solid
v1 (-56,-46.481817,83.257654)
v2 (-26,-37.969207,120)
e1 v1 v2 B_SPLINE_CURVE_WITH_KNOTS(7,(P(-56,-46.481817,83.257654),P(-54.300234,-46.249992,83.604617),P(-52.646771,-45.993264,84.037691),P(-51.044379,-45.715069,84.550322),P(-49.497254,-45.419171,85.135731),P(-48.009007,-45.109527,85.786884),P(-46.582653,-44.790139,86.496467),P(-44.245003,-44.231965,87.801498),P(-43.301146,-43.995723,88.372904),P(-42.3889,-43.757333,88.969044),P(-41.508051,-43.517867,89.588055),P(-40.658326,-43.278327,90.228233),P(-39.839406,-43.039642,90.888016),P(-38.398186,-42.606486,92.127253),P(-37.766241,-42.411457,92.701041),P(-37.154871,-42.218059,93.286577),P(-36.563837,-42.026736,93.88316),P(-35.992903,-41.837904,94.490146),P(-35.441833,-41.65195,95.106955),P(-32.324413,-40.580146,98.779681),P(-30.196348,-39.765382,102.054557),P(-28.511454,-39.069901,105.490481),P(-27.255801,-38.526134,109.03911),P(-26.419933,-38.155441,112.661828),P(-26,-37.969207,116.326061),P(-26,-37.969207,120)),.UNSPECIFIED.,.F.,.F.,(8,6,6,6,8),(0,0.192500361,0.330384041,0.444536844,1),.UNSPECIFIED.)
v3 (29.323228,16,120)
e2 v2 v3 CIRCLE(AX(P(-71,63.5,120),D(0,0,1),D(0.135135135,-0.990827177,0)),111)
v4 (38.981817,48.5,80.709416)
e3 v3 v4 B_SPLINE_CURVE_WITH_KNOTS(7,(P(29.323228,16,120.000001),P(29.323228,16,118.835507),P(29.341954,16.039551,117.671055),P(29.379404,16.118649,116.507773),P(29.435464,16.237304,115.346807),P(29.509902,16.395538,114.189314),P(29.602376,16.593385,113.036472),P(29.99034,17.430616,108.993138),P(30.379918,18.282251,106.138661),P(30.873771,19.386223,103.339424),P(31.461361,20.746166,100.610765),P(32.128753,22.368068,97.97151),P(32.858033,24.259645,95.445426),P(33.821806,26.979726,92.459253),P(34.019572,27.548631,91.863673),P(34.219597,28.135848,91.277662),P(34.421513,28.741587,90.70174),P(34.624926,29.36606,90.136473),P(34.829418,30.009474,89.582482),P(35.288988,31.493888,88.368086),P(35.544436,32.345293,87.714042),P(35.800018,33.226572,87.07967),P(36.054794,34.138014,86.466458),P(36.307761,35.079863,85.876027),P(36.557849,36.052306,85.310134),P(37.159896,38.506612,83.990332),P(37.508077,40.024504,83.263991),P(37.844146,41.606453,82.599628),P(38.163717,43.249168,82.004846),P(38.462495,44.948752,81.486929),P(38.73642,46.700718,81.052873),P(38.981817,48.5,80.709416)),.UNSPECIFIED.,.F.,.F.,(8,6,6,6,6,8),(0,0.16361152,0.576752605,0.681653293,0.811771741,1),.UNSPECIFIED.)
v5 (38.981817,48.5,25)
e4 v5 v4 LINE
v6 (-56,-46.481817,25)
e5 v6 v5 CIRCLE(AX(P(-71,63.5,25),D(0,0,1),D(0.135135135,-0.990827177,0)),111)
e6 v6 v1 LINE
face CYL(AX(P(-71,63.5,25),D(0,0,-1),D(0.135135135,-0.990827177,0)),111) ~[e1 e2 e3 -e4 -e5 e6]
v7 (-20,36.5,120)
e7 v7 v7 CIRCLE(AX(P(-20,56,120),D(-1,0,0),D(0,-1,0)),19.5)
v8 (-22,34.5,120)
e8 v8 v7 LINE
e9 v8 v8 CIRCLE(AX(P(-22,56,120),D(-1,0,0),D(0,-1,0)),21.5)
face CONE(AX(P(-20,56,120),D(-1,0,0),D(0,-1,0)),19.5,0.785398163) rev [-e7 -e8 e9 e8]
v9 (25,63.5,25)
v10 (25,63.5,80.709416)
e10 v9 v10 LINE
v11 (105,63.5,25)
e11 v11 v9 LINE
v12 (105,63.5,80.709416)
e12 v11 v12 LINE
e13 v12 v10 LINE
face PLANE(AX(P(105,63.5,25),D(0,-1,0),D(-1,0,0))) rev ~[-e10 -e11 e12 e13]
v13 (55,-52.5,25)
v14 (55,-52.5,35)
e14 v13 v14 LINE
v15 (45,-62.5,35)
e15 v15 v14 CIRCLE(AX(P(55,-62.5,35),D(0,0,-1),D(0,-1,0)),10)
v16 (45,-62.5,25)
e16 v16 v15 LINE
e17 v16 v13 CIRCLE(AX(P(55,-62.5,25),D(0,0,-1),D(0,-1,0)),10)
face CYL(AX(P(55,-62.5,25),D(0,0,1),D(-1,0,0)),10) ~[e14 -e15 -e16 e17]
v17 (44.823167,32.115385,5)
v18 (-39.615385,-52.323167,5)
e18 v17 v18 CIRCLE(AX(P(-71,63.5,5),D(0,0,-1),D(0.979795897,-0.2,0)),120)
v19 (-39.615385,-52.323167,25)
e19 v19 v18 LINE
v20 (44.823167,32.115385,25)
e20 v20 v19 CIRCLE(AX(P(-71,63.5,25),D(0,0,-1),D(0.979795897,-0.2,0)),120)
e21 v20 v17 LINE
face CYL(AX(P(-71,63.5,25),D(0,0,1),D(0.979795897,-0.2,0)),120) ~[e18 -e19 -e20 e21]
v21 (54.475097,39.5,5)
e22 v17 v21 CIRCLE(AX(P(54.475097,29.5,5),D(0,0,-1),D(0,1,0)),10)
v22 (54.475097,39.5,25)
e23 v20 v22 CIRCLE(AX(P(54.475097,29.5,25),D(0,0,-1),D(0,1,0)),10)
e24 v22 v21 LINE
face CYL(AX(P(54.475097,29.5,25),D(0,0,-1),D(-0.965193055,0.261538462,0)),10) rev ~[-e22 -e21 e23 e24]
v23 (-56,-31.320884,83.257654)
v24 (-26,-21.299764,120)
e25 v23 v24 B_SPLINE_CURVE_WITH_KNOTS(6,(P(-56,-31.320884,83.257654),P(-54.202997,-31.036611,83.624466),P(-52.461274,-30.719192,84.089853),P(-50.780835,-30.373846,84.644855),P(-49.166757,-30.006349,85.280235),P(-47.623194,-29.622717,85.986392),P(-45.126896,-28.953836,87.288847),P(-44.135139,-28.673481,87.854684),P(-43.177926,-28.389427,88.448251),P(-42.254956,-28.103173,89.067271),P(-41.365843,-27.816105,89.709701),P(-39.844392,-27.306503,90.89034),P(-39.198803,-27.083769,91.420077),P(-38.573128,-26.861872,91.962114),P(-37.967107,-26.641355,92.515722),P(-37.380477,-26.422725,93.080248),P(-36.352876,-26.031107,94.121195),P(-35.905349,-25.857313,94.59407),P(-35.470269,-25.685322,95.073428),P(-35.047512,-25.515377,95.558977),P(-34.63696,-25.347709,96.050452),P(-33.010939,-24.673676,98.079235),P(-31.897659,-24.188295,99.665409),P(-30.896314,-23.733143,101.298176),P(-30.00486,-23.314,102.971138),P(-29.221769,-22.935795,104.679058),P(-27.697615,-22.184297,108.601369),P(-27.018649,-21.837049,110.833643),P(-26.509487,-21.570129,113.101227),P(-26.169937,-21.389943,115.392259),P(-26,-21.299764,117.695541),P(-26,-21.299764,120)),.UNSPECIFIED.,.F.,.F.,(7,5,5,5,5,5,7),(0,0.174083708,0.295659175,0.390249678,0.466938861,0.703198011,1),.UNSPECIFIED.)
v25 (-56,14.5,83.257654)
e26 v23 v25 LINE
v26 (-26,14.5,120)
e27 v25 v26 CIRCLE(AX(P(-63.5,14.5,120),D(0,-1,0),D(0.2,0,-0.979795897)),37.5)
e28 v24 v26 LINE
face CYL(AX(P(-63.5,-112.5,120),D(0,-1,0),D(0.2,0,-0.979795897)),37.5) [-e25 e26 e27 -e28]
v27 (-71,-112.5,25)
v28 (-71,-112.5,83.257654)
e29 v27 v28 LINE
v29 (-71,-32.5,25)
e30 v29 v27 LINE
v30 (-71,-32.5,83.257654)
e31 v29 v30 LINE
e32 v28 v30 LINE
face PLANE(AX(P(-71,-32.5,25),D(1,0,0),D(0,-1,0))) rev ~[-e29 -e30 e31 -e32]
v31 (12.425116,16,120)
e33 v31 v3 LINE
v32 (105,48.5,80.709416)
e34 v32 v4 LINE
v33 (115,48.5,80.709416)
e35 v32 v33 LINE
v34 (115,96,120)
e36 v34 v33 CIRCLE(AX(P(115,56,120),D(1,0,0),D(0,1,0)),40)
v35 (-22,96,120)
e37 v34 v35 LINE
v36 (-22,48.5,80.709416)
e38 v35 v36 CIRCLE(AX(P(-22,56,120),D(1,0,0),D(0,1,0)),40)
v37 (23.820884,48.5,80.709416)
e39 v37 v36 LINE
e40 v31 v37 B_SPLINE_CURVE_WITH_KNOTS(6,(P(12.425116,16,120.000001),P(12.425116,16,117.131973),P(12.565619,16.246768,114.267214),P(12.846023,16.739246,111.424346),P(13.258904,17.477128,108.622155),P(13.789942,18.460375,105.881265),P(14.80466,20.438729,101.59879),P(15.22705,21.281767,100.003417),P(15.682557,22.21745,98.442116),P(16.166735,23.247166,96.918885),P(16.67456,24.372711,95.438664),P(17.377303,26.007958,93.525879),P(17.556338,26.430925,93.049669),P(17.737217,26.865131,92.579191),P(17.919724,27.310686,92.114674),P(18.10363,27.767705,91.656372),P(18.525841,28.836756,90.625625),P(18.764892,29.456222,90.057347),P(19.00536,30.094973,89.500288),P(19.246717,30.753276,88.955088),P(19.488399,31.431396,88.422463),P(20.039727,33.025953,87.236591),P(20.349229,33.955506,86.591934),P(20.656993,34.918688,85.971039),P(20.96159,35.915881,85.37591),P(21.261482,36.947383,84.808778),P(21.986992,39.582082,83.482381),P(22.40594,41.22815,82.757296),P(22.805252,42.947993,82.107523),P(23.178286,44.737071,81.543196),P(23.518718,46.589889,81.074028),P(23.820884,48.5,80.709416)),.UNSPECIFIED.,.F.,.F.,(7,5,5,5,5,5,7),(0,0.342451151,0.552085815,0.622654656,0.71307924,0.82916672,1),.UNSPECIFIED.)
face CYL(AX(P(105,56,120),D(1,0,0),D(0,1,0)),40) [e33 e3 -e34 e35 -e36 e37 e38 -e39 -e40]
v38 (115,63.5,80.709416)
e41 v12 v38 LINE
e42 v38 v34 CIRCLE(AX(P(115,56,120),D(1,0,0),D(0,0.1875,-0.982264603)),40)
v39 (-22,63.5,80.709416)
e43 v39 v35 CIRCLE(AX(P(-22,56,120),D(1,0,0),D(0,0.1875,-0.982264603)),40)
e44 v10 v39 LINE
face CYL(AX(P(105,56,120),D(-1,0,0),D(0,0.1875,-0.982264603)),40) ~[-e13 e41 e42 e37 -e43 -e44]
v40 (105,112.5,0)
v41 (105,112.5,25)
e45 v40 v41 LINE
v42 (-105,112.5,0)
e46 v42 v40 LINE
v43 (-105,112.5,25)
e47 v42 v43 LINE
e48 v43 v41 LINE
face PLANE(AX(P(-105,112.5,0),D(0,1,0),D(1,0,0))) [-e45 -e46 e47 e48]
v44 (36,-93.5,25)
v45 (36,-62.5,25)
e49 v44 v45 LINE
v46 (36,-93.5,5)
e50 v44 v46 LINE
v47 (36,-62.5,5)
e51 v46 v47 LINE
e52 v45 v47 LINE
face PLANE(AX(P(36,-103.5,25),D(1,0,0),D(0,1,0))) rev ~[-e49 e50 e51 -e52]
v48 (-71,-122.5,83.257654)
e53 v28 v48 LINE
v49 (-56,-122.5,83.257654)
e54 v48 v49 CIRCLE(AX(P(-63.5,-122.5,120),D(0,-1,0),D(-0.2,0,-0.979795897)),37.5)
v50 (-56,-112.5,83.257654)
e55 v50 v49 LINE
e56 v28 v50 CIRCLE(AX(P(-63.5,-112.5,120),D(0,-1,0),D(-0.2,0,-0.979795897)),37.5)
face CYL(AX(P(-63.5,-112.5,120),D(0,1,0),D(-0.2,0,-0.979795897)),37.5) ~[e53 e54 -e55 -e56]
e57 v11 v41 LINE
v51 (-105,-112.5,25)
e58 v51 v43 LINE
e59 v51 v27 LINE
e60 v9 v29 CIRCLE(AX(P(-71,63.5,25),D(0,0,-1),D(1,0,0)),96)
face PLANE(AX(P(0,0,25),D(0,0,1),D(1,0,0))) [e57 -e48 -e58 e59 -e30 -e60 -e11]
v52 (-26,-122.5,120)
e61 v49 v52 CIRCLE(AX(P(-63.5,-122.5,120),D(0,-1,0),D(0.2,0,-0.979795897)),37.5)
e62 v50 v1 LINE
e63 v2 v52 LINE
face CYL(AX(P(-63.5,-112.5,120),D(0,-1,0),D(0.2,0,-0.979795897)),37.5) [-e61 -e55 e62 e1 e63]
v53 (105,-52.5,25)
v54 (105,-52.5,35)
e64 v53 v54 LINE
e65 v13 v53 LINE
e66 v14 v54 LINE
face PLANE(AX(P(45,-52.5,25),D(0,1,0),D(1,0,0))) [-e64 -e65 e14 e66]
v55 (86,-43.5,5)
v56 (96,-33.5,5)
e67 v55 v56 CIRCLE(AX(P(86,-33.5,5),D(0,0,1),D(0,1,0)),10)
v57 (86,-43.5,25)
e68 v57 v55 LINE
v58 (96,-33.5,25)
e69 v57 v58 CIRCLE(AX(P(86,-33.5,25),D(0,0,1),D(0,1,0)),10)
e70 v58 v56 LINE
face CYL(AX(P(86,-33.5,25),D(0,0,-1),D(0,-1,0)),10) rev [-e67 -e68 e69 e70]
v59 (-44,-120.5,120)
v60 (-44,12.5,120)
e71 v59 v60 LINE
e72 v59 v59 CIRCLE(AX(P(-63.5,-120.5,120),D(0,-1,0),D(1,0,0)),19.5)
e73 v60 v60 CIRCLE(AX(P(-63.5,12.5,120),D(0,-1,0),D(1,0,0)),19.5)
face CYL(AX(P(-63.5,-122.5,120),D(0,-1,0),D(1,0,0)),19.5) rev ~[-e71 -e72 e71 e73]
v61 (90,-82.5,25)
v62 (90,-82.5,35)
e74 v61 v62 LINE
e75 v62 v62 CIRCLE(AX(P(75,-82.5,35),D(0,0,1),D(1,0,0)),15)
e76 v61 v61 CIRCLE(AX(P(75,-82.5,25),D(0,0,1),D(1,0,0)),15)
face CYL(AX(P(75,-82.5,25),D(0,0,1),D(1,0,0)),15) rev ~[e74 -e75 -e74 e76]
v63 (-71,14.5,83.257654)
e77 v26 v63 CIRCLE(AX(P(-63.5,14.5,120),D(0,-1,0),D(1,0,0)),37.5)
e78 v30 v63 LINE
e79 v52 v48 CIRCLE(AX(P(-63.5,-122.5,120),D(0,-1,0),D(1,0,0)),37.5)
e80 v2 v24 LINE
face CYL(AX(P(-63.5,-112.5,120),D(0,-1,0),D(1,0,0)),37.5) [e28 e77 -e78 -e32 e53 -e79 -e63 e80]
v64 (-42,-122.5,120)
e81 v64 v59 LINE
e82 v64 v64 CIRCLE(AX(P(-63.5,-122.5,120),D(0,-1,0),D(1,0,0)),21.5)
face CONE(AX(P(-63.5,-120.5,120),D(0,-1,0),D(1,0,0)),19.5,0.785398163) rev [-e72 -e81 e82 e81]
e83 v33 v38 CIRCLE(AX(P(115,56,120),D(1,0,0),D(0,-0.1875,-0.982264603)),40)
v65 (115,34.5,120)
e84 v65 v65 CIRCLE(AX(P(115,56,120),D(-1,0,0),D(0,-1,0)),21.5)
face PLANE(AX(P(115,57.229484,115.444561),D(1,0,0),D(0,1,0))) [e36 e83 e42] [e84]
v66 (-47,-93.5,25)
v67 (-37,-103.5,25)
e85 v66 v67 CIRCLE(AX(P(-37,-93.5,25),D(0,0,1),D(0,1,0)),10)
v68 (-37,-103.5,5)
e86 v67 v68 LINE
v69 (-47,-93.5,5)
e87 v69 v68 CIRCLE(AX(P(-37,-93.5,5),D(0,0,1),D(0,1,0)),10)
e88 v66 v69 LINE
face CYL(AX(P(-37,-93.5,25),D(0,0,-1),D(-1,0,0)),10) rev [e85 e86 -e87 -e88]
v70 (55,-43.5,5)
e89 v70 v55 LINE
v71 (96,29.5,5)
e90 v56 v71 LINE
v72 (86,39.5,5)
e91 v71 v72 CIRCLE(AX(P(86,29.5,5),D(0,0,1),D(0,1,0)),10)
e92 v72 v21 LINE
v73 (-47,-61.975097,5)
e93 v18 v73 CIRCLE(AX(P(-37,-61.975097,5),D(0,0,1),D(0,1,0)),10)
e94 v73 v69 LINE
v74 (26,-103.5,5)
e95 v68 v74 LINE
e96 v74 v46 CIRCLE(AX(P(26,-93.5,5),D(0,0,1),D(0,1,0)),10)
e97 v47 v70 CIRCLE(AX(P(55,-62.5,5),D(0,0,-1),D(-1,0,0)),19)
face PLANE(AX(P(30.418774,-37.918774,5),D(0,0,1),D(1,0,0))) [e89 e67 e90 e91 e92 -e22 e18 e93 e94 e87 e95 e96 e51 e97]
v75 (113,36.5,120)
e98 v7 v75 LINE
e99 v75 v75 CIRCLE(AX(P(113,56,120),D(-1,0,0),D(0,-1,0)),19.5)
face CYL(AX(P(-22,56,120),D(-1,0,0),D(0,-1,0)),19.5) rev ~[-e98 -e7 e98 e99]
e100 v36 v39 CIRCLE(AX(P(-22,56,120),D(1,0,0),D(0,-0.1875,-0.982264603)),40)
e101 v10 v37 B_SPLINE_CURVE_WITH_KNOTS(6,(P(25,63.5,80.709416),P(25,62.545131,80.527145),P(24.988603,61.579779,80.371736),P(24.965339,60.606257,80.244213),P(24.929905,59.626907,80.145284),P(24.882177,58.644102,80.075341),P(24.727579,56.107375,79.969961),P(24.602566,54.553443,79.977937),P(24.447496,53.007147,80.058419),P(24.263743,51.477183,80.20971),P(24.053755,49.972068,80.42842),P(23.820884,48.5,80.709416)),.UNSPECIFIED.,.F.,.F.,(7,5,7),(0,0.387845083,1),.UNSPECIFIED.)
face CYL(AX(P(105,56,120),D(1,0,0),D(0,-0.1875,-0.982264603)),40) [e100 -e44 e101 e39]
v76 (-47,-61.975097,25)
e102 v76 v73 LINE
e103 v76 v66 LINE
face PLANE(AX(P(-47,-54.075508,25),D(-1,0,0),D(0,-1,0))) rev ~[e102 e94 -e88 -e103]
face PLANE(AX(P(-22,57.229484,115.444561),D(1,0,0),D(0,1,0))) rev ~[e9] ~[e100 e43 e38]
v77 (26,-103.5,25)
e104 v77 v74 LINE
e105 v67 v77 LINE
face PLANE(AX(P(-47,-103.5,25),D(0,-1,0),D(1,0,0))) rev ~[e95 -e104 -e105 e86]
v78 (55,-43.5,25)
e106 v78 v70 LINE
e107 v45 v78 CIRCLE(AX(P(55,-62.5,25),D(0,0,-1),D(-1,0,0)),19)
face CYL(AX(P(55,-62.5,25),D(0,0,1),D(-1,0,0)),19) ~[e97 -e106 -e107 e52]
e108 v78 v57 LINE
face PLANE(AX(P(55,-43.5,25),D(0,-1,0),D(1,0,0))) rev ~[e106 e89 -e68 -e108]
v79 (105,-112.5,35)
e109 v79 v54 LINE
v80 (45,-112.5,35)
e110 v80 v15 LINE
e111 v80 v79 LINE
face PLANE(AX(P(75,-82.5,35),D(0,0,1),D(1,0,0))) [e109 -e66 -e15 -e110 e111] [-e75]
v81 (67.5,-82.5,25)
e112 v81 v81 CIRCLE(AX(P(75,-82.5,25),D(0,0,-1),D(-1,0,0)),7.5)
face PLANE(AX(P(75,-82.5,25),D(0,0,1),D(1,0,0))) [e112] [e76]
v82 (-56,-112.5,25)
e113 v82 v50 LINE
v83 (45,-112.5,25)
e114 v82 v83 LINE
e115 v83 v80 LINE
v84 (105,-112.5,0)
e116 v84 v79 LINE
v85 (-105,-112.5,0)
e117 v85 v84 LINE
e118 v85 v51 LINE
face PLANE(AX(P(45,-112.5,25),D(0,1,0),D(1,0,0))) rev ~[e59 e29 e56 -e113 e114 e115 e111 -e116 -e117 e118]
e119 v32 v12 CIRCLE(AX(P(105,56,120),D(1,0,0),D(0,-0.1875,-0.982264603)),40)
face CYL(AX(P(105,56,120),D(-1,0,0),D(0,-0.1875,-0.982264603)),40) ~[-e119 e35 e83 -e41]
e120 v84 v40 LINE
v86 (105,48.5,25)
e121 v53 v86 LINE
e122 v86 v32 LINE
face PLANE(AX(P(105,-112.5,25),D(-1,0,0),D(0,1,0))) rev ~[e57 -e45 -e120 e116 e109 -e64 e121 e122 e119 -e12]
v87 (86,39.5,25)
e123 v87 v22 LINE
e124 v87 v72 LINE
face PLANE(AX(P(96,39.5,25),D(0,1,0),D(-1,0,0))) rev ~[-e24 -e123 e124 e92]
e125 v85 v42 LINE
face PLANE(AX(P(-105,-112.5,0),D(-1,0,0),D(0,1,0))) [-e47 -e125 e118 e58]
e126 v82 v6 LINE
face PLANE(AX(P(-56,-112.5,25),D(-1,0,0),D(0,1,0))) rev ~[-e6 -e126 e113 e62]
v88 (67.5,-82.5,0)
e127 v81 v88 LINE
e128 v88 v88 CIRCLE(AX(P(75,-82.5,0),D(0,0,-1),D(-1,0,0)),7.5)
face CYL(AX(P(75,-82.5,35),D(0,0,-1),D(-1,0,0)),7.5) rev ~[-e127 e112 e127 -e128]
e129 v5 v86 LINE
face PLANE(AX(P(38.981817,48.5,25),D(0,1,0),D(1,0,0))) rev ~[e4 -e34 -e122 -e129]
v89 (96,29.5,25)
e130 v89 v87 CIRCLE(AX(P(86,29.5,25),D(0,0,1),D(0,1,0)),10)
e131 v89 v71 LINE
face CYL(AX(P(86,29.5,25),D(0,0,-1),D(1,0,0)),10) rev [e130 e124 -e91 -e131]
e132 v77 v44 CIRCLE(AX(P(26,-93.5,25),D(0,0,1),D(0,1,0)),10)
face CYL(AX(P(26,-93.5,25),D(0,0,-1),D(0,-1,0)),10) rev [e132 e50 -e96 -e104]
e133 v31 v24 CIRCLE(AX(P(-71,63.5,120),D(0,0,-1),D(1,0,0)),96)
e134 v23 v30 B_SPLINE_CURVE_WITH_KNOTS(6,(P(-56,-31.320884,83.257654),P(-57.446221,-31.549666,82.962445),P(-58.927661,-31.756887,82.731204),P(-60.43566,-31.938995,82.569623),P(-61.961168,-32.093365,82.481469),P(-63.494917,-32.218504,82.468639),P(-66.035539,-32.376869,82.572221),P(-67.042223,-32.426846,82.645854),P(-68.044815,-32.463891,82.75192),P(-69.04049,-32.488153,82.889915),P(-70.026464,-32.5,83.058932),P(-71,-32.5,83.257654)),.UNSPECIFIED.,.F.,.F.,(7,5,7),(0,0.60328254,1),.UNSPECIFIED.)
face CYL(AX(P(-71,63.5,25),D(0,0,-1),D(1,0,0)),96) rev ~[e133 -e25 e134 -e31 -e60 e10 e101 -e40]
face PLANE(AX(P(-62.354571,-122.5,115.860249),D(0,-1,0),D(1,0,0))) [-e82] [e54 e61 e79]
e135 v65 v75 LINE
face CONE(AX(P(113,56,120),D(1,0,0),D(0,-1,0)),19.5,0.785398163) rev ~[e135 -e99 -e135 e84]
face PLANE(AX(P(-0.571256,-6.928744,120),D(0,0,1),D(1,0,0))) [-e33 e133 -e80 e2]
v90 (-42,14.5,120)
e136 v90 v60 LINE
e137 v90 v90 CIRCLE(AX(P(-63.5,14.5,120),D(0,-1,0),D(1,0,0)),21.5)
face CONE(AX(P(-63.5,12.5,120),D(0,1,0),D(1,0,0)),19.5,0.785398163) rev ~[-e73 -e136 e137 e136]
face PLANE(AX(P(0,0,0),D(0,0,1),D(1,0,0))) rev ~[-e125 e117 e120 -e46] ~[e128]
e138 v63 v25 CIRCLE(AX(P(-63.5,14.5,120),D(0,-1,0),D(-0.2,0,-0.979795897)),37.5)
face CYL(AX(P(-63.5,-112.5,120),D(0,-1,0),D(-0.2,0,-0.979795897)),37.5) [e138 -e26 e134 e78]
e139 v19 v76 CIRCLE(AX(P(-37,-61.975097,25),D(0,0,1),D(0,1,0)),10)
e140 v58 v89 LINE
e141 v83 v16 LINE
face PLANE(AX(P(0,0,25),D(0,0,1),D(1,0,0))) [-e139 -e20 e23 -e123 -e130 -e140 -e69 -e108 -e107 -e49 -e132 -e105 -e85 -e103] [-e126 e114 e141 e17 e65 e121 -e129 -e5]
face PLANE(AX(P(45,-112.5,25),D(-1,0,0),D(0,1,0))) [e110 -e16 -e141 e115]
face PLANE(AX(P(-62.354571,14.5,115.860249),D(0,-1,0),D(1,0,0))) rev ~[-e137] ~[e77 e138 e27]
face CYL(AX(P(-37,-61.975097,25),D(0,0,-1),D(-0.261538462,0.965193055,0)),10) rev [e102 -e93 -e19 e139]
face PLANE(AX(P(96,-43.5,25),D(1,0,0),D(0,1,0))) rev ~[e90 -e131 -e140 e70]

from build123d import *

# Parameters (mm, degrees)
F0_W            = 210
F0_H            = 225
F1_DEPTH        = 25
F3_DEPTH        = 95
F5_DEPTH        = 10
F5_DEPTH_BACK   = 127
F7_DEPTH        = 10
F7_DEPTH_BACK   = 127
F8_W            = 60
F8_H            = 60
F9_DEPTH        = 10
F10_R           = 10
F12_DEPTH       = 20
F14_D           = 15
F14_CBORE_D     = 30
F14_CBORE_DEPTH = 10
F15_R           = 10
F16_R           = 19.5
F17_DEPTH       = 235.001
F18_R           = 19.5
F19_DEPTH       = 137.0010001
F20_SIZE        = 2


with BuildPart() as f1:
    # F0 (on Top) → F1 (new body)
    with BuildSketch(Plane.XY):
        Rectangle(F0_W, F0_H)
    extrude(amount=F1_DEPTH)

    # F2 (on face) → F3 (join)
    with BuildSketch(Plane.XY.offset(25)):
        with BuildLine():
            Line((-71, -32.5), (-71, -112.5))
            Line((-71, -112.5), (-56, -112.5))
            Line((-56, -112.5), (-56, -46.4818166789))
            ThreePointArc((-56, -46.4818166789), (7.4888527117, -14.9888527117), (38.9818166789, 48.5))
            Line((38.9818166789, 48.5), (105, 48.5))
            Line((105, 48.5), (105, 63.5))
            Line((105, 63.5), (25, 63.5))
            ThreePointArc((25, 63.5), (-3.1177490061, -4.3822509939), (-71, -32.5))
        make_face()
    extrude(amount=F3_DEPTH)

    # F4 (on face) → F5 (join, two sides)
    with BuildSketch(Plane.XZ.offset(112.5)) as f5_sk:
        with BuildLine():
            ThreePointArc((-56, 83.2576538583), (-34.4526249034, 96.2829175487), (-26, 120))
            ThreePointArc((-26, 120), (-87.2170824513, 149.0473750966), (-71, 83.2576538583))
            Line((-71, 83.2576538583), (-71, 120))
            Line((-71, 120), (-56, 120))
            Line((-56, 120), (-56, 83.2576538583))
        make_face()
        with BuildLine():
            Line((-71, 120), (-71, 83.2576538583))
            ThreePointArc((-71, 83.2576538583), (-63.5, 82.5), (-56, 83.2576538583))
            Line((-56, 83.2576538583), (-56, 120))
            Line((-56, 120), (-71, 120))
        make_face()
    extrude(amount=F5_DEPTH)
    extrude(f5_sk.sketch, amount=-F5_DEPTH_BACK)

    # F6 (on face) → F7 (join, two sides)
    with BuildSketch(Plane.YZ.offset(105)) as f7_sk:
        with BuildLine():
            ThreePointArc((63.5, 80.7094158862), (86.8220700148, 94.504902432), (96, 120))
            ThreePointArc((96, 120), (30.504902432, 150.8220700148), (48.5, 80.7094158862))
            Line((48.5, 80.7094158862), (48.5, 120))
            Line((48.5, 120), (63.5, 120))
            Line((63.5, 120), (63.5, 80.7094158862))
        make_face()
        with BuildLine():
            Line((48.5, 120), (48.5, 80.7094158862))
            ThreePointArc((48.5, 80.7094158862), (56, 80), (63.5, 80.7094158862))
            Line((63.5, 80.7094158862), (63.5, 120))
            Line((63.5, 120), (48.5, 120))
        make_face()
    extrude(amount=F7_DEPTH)
    extrude(f7_sk.sketch, amount=-F7_DEPTH_BACK)

    # F8 (on face) → F9 (join)
    with BuildSketch(Plane.XY.offset(25)):
        with Locations((75, -82.5)):
            Rectangle(F8_W, F8_H)
    extrude(amount=F9_DEPTH)

    # F10
    f10_edges = [f1.edges().sort_by_distance(p)[0] for p in [
        (45, -52.5, 30),
    ]]
    fillet(f10_edges, radius=F10_R)

    # F11 (on face) → F12 (cut)
    with BuildSketch(Plane.XY.offset(25)):
        with BuildLine():
            ThreePointArc((46.5755076536, 39.5), (13.8528137424, -21.3528137424), (-47, -54.0755076536))
            Line((-47, -54.0755076536), (-47, -103.5))
            Line((-47, -103.5), (36, -103.5))
            Line((36, -103.5), (36, -62.5))
            ThreePointArc((36, -62.5), (41.5649711575, -49.0649711575), (55, -43.5))
            Line((55, -43.5), (96, -43.5))
            Line((96, -43.5), (96, 39.5))
            Line((96, 39.5), (46.5755076536, 39.5))
        make_face()
    extrude(amount=-F12_DEPTH, mode=Mode.SUBTRACT)

    # F14 (through all)
    with Locations(Plane.XY.offset(35)):
        with Locations((75, -82.5)):
            CounterBoreHole(F14_D / 2, F14_CBORE_D / 2, F14_CBORE_DEPTH)

    # F15
    f15_edges = [f1.edges().sort_by_distance(p)[0] for p in [
        (-47, -54.075508, 15),
        (-47, -103.5, 15),
        (36, -103.5, 15),
        (46.575508, 39.5, 15),
        (96, 39.5, 15),
        (96, -43.5, 15),
    ]]
    fillet(f15_edges, radius=F15_R)

    # F16 (on face) → F17 (cut, through all)
    with BuildSketch(Plane.XZ.offset(122.5)):
        with Locations((-63.5, 120)):
            Circle(F16_R)
    extrude(amount=-F17_DEPTH, mode=Mode.SUBTRACT)

    # F18 (on face) → F19 (cut, through all)
    with BuildSketch(Plane(origin=(-22, 0, 0), x_dir=(0, -1, 0), z_dir=(-1, 0, 0))):
        with Locations((-56, 120)):
            Circle(F18_R)
    extrude(amount=-F19_DEPTH, mode=Mode.SUBTRACT)

    # F20
    f20_edges = [f1.edges().sort_by_distance(p)[0] for p in [
        (-22, 75.5, 120),
        (-83, 14.5, 120),
        (-83, -122.5, 120),
        (115, 75.5, 120),
    ]]
    chamfer(f20_edges, length=F20_SIZE)


solid = f1.part
